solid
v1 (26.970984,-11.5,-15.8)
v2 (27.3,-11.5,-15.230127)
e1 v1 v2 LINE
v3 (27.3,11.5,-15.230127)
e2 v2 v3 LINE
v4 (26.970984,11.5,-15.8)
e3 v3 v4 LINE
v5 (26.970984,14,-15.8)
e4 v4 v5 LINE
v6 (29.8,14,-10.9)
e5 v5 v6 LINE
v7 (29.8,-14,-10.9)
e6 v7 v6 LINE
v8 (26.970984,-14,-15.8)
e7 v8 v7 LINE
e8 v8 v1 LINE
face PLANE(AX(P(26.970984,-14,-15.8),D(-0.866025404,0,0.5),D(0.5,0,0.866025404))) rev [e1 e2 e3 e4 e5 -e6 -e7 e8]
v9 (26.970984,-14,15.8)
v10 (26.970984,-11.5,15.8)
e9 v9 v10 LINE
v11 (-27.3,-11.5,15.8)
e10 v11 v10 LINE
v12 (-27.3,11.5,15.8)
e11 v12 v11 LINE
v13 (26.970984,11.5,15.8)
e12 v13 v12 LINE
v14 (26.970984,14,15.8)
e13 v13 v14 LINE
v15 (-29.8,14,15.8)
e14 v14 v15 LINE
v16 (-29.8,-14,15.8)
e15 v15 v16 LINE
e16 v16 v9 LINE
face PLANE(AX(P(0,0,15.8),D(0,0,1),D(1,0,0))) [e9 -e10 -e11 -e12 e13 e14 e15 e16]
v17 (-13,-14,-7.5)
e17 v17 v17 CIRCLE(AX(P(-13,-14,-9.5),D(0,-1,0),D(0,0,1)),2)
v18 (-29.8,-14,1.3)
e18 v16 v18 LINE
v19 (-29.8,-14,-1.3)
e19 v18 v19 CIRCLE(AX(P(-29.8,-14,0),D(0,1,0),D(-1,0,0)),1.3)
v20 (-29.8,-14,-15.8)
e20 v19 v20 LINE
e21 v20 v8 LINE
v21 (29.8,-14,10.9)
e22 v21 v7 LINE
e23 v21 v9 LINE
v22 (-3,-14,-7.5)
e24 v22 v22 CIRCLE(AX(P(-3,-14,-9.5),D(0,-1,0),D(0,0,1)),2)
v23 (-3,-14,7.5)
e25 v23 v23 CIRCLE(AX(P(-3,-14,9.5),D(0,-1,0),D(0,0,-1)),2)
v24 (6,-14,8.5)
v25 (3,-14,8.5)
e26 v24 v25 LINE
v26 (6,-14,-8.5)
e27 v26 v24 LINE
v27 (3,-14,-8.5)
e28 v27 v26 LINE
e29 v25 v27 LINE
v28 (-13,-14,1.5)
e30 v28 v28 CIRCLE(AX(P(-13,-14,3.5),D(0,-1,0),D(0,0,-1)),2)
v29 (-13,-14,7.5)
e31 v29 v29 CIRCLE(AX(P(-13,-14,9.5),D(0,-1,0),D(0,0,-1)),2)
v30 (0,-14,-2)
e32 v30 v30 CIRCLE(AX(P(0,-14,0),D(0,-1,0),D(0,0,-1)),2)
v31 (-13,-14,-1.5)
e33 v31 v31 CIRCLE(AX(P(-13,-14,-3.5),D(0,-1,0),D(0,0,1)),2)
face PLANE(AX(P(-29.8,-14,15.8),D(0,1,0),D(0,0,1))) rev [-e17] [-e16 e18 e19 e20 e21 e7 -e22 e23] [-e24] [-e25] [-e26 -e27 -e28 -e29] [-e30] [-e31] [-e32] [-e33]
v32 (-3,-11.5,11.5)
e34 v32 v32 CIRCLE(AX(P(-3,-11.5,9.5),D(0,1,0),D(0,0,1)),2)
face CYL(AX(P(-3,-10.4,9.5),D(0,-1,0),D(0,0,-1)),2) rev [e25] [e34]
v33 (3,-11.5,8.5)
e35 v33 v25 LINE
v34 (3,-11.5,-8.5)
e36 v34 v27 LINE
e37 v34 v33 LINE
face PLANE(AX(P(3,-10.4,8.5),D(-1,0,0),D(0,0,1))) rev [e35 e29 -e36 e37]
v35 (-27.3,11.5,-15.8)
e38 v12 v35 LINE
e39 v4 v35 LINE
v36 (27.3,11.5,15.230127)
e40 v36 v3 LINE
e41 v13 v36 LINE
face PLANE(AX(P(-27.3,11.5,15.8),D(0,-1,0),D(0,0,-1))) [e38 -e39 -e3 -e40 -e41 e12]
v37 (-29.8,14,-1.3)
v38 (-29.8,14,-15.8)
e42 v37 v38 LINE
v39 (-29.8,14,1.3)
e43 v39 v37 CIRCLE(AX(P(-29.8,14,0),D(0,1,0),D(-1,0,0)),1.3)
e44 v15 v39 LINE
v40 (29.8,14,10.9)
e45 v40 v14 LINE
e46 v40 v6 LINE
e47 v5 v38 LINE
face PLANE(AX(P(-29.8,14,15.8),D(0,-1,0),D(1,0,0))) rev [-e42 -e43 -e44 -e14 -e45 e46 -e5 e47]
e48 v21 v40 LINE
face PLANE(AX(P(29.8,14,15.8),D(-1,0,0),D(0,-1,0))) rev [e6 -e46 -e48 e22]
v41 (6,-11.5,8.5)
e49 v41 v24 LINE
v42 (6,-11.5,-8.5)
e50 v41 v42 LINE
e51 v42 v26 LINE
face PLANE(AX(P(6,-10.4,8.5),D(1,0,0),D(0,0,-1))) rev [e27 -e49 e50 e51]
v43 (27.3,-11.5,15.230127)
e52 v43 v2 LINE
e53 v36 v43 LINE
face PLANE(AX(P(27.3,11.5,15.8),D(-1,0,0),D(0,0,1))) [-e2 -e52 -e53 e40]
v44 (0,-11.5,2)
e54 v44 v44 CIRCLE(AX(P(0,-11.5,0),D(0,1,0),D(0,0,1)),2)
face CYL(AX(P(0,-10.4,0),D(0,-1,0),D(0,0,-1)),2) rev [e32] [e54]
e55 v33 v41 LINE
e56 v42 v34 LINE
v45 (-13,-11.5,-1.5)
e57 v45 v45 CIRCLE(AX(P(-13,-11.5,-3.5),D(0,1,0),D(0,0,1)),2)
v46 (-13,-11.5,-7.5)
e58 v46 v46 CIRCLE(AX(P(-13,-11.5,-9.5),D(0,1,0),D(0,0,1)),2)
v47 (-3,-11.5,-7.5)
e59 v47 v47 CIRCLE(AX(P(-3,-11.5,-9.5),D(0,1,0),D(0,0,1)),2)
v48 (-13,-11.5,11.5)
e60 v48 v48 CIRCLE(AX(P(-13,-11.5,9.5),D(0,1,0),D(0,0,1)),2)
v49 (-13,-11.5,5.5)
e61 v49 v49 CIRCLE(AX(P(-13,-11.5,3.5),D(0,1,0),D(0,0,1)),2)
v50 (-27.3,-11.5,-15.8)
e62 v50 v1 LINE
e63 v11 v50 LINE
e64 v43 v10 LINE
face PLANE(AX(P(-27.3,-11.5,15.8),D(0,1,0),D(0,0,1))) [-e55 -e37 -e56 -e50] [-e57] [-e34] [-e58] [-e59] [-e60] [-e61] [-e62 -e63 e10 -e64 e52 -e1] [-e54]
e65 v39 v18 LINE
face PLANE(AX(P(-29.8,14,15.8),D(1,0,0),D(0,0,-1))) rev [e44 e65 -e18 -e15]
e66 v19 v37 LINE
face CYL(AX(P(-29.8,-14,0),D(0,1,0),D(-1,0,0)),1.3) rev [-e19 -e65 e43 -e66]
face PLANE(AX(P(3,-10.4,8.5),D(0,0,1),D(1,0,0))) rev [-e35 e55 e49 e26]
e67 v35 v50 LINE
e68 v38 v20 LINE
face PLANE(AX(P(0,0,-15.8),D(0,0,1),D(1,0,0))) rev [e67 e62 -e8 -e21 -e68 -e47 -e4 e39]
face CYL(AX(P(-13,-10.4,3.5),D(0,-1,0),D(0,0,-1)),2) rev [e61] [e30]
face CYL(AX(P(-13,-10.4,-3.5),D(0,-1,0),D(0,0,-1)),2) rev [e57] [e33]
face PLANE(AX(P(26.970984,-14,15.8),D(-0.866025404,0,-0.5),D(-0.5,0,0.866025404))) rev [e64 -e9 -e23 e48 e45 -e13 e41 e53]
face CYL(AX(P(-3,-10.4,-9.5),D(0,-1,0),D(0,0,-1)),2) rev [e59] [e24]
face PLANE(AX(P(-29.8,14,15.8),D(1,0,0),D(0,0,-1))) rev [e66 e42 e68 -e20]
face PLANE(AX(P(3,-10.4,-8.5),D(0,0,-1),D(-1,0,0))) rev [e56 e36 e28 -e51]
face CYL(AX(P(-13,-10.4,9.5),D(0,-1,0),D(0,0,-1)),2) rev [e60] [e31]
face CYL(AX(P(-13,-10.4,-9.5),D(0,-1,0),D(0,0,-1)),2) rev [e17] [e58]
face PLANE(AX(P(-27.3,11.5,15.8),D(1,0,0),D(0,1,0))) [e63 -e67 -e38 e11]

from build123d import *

# Parameters (mm, degrees)
VISTA_FRONTAL_W       = 59.6
VISTA_FRONTAL_H       = 28
VISTA_FRONTAL_W_2     = 54.6
VISTA_FRONTAL_H_2     = 23
CORPO_DO_MODULO_DEPTH = 15.8
ESBO_O3_R             = 1.3
CORTE_EXTRUS_O1_DEPTH = 44.836970698
ESBO_O4_R             = 2
ESBO_O4_W             = 3
ESBO_O4_H             = 17
CORTE_EXTRUS_O2_DEPTH = 3.6


with BuildPart() as part:
    # Vista Frontal → Corpo do Modulo (new, symmetric)
    with BuildSketch(Plane.XY):
        Rectangle(VISTA_FRONTAL_W, VISTA_FRONTAL_H)
        Rectangle(VISTA_FRONTAL_W_2, VISTA_FRONTAL_H_2, mode=Mode.SUBTRACT)
    extrude(amount=CORPO_DO_MODULO_DEPTH, both=True)

    # Esboço3 → Corte-extrusão1 (cut, through all)
    with BuildSketch(Plane(origin=(0, 14, 0), x_dir=(1, 0, 0), z_dir=(0, 1, 0))):
        with Locations((-29.8, 0)):
            Circle(ESBO_O3_R)
        Polygon((26.970983681, -15.8), (29.8, -10.9), (29.8, -15.8), align=None)
        Polygon((29.8, 15.8), (26.970983681, 15.8), (29.8, 10.9), align=None)
    extrude(amount=-CORTE_EXTRUS_O1_DEPTH, mode=Mode.SUBTRACT)

    # Esboço4 → Corte-extrusão2 (cut)
    with BuildSketch(Plane.XZ.offset(14)):
        with Locations(Location((0, 0, 0), (0, 0, 270))):
            Circle(ESBO_O4_R)
        with Locations(Location((-3, 9.5, 0), (0, 0, 270))):
            Circle(ESBO_O4_R)
        with Locations(Location((-13, 9.5, 0), (0, 0, 270))):
            Circle(ESBO_O4_R)
        with Locations(Location((-13, 3.5, 0), (0, 0, 270))):
            Circle(ESBO_O4_R)
        with Locations(Location((-13, -3.5, 0), (0, 0, 90))):
            Circle(ESBO_O4_R)
        with Locations(Location((-13, -9.5, 0), (0, 0, 90))):
            Circle(ESBO_O4_R)
        with Locations(Location((-3, -9.5, 0), (0, 0, 90))):
            Circle(ESBO_O4_R)
        with Locations((4.5, 0)):
            Rectangle(ESBO_O4_W, ESBO_O4_H)
    extrude(amount=-CORTE_EXTRUS_O2_DEPTH, mode=Mode.SUBTRACT)


solid = part.part
